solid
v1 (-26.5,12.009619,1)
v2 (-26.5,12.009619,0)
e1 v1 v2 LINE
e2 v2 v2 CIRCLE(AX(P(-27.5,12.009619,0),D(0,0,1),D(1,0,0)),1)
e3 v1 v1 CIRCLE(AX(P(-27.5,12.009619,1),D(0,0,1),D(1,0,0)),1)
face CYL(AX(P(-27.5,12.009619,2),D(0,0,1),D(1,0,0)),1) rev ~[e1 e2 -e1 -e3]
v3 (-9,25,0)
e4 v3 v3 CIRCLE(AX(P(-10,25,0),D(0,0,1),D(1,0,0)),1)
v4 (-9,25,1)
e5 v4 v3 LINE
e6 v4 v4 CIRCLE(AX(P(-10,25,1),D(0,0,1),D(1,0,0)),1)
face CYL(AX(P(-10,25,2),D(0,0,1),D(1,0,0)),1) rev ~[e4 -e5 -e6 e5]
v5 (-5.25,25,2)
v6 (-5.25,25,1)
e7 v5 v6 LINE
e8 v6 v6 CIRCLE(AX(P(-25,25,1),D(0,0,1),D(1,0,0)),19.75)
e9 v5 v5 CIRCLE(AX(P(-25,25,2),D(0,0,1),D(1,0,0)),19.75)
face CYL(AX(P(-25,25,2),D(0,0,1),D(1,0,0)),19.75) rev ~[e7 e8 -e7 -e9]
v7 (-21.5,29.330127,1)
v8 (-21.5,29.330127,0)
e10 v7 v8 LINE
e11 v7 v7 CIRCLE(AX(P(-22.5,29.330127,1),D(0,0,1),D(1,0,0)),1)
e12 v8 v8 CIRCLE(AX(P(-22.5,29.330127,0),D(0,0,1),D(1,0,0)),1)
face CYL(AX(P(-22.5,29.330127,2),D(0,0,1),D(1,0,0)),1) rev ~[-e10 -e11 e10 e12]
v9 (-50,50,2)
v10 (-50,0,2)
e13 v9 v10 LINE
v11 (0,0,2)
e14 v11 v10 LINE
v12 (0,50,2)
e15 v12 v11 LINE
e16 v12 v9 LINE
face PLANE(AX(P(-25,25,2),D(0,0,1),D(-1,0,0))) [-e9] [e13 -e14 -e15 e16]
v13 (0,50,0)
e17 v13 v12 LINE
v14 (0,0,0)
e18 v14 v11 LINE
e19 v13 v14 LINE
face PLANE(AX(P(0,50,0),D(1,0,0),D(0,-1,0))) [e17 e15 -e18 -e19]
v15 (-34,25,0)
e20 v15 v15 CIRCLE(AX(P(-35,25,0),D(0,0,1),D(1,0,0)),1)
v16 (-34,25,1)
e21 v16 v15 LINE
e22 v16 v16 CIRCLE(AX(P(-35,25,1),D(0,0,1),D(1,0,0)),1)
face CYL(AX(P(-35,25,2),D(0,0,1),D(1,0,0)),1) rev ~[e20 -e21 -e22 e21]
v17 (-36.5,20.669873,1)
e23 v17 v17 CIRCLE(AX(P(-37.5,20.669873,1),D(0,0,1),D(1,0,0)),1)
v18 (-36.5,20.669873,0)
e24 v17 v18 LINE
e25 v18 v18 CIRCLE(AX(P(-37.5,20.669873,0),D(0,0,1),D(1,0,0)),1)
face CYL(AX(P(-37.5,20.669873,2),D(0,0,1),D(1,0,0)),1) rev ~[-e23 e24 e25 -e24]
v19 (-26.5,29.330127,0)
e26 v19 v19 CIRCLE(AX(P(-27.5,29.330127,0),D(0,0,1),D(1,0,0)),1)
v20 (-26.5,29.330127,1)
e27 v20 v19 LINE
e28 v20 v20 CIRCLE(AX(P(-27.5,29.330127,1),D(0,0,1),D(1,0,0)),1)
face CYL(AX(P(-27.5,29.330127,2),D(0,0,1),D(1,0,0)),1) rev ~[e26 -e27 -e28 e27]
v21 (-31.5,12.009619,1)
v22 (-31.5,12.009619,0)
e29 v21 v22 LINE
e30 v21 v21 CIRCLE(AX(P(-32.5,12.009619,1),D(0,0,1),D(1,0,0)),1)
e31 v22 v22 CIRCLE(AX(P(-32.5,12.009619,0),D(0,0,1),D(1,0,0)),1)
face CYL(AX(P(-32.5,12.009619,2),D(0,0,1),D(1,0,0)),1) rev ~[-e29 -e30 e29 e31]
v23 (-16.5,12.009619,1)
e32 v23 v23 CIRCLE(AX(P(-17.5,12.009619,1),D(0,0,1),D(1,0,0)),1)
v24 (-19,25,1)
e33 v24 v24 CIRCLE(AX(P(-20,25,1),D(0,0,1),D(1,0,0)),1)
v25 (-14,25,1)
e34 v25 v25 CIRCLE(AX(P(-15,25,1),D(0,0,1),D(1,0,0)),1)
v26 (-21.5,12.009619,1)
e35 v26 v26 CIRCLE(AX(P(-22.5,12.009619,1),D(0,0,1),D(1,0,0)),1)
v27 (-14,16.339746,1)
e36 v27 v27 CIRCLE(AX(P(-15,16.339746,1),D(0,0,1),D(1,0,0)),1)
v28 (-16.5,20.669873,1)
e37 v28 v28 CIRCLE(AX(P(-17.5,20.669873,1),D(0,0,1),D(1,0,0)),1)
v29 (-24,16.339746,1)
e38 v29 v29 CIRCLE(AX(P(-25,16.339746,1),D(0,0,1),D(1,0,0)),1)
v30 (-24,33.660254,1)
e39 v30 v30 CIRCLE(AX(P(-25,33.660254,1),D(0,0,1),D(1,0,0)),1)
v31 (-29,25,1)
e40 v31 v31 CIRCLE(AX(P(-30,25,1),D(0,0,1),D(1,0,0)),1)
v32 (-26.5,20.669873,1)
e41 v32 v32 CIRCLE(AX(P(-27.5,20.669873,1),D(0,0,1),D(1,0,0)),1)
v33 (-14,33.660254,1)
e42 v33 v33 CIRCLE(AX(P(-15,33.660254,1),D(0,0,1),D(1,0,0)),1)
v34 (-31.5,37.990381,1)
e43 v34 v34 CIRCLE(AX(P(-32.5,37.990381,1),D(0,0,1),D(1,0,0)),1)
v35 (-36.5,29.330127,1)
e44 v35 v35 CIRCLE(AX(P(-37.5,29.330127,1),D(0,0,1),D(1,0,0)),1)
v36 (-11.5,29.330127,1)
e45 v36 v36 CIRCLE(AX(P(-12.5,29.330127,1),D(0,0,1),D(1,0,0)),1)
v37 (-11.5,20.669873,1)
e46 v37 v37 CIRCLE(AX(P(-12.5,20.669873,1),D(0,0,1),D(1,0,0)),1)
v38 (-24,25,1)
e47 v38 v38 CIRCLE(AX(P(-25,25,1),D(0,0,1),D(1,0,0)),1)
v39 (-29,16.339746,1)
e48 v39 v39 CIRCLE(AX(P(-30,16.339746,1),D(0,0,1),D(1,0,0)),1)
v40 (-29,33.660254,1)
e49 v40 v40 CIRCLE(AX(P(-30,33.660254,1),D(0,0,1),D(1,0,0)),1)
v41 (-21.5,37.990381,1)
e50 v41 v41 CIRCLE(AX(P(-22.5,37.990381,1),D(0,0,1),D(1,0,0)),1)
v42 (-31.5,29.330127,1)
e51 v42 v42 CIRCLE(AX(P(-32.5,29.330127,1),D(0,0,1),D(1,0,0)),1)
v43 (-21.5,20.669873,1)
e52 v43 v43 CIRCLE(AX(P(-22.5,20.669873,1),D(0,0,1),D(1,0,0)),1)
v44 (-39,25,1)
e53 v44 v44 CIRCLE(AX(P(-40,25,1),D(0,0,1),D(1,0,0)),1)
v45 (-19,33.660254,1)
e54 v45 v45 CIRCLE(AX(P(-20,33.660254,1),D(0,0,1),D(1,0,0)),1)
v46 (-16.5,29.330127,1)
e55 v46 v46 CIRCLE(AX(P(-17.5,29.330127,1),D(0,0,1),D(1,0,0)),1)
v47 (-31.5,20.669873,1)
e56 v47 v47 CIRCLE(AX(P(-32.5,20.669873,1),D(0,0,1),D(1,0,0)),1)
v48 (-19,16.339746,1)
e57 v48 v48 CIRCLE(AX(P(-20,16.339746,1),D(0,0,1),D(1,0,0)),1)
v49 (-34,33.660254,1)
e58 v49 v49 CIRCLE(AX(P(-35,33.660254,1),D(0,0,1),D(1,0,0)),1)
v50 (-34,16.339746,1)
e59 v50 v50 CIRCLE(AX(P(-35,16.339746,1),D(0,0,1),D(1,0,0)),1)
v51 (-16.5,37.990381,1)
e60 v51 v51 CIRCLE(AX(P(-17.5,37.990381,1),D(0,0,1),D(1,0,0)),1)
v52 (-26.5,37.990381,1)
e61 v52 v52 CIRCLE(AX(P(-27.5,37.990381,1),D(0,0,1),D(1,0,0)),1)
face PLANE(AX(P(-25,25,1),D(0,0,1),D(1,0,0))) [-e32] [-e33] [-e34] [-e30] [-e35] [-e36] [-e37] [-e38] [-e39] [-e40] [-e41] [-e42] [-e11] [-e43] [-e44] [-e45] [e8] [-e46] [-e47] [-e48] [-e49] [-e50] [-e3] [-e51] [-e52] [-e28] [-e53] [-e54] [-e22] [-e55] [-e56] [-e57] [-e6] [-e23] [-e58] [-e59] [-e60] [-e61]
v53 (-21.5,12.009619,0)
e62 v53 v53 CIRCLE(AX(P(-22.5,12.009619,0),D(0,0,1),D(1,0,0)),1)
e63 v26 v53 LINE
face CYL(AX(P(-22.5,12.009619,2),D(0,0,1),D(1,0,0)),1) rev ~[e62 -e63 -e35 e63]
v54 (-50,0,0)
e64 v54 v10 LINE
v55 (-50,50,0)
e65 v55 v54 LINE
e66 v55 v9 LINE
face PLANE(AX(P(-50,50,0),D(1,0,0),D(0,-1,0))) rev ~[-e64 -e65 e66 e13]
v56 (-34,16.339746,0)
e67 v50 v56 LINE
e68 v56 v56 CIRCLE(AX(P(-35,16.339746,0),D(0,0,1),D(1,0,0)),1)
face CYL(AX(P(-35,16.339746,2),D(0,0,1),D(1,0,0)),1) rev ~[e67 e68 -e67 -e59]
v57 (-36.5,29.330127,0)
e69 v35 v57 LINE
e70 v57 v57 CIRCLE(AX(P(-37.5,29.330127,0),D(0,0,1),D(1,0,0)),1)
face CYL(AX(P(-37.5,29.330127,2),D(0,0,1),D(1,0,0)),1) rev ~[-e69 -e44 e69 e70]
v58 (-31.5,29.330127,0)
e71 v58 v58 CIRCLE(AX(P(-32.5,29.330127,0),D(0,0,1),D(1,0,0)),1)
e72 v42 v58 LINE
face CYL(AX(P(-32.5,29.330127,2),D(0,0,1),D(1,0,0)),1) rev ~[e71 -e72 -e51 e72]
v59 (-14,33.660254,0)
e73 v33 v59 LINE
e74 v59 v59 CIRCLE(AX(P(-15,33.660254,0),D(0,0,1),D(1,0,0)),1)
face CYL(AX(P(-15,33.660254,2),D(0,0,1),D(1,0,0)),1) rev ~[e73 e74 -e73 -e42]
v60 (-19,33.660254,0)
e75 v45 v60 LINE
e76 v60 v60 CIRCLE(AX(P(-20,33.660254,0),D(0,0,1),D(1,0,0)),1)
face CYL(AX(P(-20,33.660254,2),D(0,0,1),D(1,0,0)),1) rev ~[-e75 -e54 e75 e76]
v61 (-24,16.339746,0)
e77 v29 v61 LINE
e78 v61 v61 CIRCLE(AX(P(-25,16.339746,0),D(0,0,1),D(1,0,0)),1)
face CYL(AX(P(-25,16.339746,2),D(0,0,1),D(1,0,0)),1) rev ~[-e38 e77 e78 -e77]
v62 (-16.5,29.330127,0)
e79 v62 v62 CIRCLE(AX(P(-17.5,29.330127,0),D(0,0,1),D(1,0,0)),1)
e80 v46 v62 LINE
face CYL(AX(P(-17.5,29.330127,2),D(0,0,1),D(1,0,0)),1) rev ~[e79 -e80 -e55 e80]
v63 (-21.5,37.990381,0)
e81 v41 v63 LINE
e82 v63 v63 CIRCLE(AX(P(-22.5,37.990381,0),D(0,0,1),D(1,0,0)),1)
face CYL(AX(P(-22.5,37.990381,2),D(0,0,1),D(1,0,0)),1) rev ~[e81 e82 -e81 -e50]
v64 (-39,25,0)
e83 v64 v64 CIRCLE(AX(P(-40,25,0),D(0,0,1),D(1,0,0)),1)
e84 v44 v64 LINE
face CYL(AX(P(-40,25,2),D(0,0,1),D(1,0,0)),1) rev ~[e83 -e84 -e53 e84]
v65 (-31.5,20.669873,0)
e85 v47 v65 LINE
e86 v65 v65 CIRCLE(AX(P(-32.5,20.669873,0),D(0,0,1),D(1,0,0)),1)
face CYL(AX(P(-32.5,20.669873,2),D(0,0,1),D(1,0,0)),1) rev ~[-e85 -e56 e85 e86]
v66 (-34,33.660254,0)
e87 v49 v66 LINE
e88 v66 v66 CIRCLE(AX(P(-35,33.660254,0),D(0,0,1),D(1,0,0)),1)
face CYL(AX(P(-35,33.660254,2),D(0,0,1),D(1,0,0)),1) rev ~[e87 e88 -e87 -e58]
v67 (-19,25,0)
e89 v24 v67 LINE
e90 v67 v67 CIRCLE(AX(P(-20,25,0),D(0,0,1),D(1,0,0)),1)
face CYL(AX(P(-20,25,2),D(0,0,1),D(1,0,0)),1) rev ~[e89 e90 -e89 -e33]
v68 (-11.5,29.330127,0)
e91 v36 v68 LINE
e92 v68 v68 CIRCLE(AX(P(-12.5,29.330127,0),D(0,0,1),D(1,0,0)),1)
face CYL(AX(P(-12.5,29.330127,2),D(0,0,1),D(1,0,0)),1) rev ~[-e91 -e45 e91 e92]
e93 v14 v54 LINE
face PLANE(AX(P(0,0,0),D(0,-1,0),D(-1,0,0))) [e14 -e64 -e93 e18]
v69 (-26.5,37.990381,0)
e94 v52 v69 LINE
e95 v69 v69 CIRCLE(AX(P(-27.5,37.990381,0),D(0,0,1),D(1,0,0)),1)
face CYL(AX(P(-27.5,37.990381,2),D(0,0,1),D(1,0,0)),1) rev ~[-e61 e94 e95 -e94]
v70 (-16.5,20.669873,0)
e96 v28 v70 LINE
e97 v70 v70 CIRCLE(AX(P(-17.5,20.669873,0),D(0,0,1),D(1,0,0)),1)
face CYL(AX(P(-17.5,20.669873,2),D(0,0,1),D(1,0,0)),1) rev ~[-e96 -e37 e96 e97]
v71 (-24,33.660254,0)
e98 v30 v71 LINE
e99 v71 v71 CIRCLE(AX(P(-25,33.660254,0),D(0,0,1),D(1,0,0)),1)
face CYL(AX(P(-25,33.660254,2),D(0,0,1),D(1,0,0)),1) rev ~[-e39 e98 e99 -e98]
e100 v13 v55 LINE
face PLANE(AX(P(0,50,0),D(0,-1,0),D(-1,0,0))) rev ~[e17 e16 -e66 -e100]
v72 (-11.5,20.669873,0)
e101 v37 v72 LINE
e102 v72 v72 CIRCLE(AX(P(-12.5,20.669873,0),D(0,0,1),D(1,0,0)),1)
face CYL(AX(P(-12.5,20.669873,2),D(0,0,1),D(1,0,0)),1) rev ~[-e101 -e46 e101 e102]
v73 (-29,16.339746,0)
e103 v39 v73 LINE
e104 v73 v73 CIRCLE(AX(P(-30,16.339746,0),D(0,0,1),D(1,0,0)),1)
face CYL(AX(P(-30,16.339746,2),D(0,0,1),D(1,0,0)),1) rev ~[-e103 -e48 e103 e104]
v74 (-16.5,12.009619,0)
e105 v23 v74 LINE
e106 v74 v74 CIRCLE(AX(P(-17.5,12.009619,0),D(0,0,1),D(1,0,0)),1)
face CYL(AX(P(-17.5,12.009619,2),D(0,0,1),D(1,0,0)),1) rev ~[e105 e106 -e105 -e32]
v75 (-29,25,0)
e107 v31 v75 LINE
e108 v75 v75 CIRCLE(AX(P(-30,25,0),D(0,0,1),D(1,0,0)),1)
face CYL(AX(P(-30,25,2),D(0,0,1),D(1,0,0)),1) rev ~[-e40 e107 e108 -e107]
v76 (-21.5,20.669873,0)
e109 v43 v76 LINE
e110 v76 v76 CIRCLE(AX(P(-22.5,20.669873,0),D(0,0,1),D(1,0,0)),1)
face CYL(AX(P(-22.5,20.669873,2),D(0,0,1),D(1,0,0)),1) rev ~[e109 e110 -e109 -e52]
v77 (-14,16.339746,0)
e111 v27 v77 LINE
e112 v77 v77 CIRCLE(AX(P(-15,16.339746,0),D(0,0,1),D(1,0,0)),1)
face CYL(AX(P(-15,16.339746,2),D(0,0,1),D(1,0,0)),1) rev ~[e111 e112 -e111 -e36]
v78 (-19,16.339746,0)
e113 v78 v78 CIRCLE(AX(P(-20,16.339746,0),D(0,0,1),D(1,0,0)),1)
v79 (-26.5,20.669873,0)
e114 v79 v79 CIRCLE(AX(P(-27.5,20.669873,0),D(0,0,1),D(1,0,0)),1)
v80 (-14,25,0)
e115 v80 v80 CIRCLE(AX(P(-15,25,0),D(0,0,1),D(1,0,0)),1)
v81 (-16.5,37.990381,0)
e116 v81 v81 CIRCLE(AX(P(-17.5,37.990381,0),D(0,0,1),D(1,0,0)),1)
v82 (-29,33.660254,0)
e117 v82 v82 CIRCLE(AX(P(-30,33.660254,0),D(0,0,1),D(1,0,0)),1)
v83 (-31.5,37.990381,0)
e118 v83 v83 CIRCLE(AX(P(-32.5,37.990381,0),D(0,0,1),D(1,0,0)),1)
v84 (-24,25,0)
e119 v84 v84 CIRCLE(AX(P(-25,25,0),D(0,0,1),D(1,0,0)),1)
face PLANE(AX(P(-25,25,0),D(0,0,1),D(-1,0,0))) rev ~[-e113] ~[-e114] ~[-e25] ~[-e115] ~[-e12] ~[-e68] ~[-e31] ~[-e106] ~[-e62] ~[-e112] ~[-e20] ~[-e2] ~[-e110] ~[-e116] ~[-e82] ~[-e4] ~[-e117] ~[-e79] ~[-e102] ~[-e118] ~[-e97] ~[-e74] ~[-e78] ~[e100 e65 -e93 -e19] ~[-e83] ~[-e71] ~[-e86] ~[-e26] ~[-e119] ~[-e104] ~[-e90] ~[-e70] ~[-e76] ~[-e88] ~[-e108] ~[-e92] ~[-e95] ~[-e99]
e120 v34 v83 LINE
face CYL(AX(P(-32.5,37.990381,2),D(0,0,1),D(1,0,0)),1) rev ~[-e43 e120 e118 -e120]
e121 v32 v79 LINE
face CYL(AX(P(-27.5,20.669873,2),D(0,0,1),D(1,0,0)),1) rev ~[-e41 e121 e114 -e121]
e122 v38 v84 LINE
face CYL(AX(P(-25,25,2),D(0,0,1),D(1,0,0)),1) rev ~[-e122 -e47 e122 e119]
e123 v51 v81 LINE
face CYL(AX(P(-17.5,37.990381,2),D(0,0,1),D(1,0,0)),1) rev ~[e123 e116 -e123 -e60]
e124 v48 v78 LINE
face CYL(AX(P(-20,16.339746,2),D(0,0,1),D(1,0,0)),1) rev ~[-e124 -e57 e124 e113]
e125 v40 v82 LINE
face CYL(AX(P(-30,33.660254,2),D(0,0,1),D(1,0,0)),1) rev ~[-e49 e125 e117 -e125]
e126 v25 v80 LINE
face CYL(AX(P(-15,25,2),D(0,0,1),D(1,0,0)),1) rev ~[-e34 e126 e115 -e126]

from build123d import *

# Parameters (mm, degrees)
SKETCH_1_W             = 50
SKETCH_1_H             = 50
EXTRUDE_1_DEPTH        = 2
SKETCH_2_R             = 1
CUT_EXTRUDE_1685_DEPTH = 71.738956735
SKETCH_3_R             = 19.75
CUT_EXTRUDE_2158_DEPTH = 1


with BuildPart() as part:
    # Эскиз1 → Бобышка-Вытянуть1 (new body)
    with BuildSketch(Plane(origin=(0, 66.754264805, 0), x_dir=(-1, 0, 0), z_dir=(0, 0, 1))):
        with Locations((25, 41.754264805)):
            Rectangle(SKETCH_1_W, SKETCH_1_H)
    extrude(amount=EXTRUDE_1_DEPTH)

    # Эскиз2 → Cut-Extrude 1685 (cut, through all)
    with BuildSketch(Plane.XY.offset(2)):
        with Locations((-25, 25)):
            Circle(SKETCH_2_R)
        with Locations((-20, 25)):
            Circle(SKETCH_2_R)
        with Locations((-15, 25)):
            Circle(SKETCH_2_R)
        with Locations((-10, 25)):
            Circle(SKETCH_2_R)
        with Locations((-22.5, 20.669872981)):
            Circle(SKETCH_2_R)
        with Locations((-20, 16.339745962)):
            Circle(SKETCH_2_R)
        with Locations((-17.5, 12.009618943)):
            Circle(SKETCH_2_R)
        with Locations((-27.5, 20.669872981)):
            Circle(SKETCH_2_R)
        with Locations((-30, 16.339745962)):
            Circle(SKETCH_2_R)
        with Locations((-32.5, 12.009618943)):
            Circle(SKETCH_2_R)
        with Locations((-30, 25)):
            Circle(SKETCH_2_R)
        with Locations((-35, 25)):
            Circle(SKETCH_2_R)
        with Locations((-40, 25)):
            Circle(SKETCH_2_R)
        with Locations((-27.5, 29.330127019)):
            Circle(SKETCH_2_R)
        with Locations((-30, 33.660254038)):
            Circle(SKETCH_2_R)
        with Locations((-32.5, 37.990381057)):
            Circle(SKETCH_2_R)
        with Locations((-22.5, 29.330127019)):
            Circle(SKETCH_2_R)
        with Locations((-20, 33.660254038)):
            Circle(SKETCH_2_R)
        with Locations((-17.5, 37.990381057)):
            Circle(SKETCH_2_R)
        with Locations((-25, 16.339745962)):
            Circle(SKETCH_2_R)
        with Locations((-27.5, 12.009618943)):
            Circle(SKETCH_2_R)
        with Locations((-22.5, 12.009618943)):
            Circle(SKETCH_2_R)
        with Locations((-32.5, 20.669872981)):
            Circle(SKETCH_2_R)
        with Locations((-37.5, 20.669872981)):
            Circle(SKETCH_2_R)
        with Locations((-35, 16.339745962)):
            Circle(SKETCH_2_R)
        with Locations((-32.5, 29.330127019)):
            Circle(SKETCH_2_R)
        with Locations((-35, 33.660254038)):
            Circle(SKETCH_2_R)
        with Locations((-37.5, 29.330127019)):
            Circle(SKETCH_2_R)
        with Locations((-25, 33.660254038)):
            Circle(SKETCH_2_R)
        with Locations((-22.5, 37.990381057)):
            Circle(SKETCH_2_R)
        with Locations((-27.5, 37.990381057)):
            Circle(SKETCH_2_R)
        with Locations((-17.5, 29.330127019)):
            Circle(SKETCH_2_R)
        with Locations((-12.5, 29.330127019)):
            Circle(SKETCH_2_R)
        with Locations((-15, 33.660254038)):
            Circle(SKETCH_2_R)
        with Locations((-17.5, 20.669872981)):
            Circle(SKETCH_2_R)
        with Locations((-15, 16.339745962)):
            Circle(SKETCH_2_R)
        with Locations((-12.5, 20.669872981)):
            Circle(SKETCH_2_R)
    extrude(amount=-CUT_EXTRUDE_1685_DEPTH, mode=Mode.SUBTRACT)

    # Эскиз3 → Cut-Extrude 2158 (cut)
    with BuildSketch(Plane.XY.offset(2)):
        with Locations((-25, 25)):
            Circle(SKETCH_3_R)
    extrude(amount=-CUT_EXTRUDE_2158_DEPTH, mode=Mode.SUBTRACT)


solid = part.part
